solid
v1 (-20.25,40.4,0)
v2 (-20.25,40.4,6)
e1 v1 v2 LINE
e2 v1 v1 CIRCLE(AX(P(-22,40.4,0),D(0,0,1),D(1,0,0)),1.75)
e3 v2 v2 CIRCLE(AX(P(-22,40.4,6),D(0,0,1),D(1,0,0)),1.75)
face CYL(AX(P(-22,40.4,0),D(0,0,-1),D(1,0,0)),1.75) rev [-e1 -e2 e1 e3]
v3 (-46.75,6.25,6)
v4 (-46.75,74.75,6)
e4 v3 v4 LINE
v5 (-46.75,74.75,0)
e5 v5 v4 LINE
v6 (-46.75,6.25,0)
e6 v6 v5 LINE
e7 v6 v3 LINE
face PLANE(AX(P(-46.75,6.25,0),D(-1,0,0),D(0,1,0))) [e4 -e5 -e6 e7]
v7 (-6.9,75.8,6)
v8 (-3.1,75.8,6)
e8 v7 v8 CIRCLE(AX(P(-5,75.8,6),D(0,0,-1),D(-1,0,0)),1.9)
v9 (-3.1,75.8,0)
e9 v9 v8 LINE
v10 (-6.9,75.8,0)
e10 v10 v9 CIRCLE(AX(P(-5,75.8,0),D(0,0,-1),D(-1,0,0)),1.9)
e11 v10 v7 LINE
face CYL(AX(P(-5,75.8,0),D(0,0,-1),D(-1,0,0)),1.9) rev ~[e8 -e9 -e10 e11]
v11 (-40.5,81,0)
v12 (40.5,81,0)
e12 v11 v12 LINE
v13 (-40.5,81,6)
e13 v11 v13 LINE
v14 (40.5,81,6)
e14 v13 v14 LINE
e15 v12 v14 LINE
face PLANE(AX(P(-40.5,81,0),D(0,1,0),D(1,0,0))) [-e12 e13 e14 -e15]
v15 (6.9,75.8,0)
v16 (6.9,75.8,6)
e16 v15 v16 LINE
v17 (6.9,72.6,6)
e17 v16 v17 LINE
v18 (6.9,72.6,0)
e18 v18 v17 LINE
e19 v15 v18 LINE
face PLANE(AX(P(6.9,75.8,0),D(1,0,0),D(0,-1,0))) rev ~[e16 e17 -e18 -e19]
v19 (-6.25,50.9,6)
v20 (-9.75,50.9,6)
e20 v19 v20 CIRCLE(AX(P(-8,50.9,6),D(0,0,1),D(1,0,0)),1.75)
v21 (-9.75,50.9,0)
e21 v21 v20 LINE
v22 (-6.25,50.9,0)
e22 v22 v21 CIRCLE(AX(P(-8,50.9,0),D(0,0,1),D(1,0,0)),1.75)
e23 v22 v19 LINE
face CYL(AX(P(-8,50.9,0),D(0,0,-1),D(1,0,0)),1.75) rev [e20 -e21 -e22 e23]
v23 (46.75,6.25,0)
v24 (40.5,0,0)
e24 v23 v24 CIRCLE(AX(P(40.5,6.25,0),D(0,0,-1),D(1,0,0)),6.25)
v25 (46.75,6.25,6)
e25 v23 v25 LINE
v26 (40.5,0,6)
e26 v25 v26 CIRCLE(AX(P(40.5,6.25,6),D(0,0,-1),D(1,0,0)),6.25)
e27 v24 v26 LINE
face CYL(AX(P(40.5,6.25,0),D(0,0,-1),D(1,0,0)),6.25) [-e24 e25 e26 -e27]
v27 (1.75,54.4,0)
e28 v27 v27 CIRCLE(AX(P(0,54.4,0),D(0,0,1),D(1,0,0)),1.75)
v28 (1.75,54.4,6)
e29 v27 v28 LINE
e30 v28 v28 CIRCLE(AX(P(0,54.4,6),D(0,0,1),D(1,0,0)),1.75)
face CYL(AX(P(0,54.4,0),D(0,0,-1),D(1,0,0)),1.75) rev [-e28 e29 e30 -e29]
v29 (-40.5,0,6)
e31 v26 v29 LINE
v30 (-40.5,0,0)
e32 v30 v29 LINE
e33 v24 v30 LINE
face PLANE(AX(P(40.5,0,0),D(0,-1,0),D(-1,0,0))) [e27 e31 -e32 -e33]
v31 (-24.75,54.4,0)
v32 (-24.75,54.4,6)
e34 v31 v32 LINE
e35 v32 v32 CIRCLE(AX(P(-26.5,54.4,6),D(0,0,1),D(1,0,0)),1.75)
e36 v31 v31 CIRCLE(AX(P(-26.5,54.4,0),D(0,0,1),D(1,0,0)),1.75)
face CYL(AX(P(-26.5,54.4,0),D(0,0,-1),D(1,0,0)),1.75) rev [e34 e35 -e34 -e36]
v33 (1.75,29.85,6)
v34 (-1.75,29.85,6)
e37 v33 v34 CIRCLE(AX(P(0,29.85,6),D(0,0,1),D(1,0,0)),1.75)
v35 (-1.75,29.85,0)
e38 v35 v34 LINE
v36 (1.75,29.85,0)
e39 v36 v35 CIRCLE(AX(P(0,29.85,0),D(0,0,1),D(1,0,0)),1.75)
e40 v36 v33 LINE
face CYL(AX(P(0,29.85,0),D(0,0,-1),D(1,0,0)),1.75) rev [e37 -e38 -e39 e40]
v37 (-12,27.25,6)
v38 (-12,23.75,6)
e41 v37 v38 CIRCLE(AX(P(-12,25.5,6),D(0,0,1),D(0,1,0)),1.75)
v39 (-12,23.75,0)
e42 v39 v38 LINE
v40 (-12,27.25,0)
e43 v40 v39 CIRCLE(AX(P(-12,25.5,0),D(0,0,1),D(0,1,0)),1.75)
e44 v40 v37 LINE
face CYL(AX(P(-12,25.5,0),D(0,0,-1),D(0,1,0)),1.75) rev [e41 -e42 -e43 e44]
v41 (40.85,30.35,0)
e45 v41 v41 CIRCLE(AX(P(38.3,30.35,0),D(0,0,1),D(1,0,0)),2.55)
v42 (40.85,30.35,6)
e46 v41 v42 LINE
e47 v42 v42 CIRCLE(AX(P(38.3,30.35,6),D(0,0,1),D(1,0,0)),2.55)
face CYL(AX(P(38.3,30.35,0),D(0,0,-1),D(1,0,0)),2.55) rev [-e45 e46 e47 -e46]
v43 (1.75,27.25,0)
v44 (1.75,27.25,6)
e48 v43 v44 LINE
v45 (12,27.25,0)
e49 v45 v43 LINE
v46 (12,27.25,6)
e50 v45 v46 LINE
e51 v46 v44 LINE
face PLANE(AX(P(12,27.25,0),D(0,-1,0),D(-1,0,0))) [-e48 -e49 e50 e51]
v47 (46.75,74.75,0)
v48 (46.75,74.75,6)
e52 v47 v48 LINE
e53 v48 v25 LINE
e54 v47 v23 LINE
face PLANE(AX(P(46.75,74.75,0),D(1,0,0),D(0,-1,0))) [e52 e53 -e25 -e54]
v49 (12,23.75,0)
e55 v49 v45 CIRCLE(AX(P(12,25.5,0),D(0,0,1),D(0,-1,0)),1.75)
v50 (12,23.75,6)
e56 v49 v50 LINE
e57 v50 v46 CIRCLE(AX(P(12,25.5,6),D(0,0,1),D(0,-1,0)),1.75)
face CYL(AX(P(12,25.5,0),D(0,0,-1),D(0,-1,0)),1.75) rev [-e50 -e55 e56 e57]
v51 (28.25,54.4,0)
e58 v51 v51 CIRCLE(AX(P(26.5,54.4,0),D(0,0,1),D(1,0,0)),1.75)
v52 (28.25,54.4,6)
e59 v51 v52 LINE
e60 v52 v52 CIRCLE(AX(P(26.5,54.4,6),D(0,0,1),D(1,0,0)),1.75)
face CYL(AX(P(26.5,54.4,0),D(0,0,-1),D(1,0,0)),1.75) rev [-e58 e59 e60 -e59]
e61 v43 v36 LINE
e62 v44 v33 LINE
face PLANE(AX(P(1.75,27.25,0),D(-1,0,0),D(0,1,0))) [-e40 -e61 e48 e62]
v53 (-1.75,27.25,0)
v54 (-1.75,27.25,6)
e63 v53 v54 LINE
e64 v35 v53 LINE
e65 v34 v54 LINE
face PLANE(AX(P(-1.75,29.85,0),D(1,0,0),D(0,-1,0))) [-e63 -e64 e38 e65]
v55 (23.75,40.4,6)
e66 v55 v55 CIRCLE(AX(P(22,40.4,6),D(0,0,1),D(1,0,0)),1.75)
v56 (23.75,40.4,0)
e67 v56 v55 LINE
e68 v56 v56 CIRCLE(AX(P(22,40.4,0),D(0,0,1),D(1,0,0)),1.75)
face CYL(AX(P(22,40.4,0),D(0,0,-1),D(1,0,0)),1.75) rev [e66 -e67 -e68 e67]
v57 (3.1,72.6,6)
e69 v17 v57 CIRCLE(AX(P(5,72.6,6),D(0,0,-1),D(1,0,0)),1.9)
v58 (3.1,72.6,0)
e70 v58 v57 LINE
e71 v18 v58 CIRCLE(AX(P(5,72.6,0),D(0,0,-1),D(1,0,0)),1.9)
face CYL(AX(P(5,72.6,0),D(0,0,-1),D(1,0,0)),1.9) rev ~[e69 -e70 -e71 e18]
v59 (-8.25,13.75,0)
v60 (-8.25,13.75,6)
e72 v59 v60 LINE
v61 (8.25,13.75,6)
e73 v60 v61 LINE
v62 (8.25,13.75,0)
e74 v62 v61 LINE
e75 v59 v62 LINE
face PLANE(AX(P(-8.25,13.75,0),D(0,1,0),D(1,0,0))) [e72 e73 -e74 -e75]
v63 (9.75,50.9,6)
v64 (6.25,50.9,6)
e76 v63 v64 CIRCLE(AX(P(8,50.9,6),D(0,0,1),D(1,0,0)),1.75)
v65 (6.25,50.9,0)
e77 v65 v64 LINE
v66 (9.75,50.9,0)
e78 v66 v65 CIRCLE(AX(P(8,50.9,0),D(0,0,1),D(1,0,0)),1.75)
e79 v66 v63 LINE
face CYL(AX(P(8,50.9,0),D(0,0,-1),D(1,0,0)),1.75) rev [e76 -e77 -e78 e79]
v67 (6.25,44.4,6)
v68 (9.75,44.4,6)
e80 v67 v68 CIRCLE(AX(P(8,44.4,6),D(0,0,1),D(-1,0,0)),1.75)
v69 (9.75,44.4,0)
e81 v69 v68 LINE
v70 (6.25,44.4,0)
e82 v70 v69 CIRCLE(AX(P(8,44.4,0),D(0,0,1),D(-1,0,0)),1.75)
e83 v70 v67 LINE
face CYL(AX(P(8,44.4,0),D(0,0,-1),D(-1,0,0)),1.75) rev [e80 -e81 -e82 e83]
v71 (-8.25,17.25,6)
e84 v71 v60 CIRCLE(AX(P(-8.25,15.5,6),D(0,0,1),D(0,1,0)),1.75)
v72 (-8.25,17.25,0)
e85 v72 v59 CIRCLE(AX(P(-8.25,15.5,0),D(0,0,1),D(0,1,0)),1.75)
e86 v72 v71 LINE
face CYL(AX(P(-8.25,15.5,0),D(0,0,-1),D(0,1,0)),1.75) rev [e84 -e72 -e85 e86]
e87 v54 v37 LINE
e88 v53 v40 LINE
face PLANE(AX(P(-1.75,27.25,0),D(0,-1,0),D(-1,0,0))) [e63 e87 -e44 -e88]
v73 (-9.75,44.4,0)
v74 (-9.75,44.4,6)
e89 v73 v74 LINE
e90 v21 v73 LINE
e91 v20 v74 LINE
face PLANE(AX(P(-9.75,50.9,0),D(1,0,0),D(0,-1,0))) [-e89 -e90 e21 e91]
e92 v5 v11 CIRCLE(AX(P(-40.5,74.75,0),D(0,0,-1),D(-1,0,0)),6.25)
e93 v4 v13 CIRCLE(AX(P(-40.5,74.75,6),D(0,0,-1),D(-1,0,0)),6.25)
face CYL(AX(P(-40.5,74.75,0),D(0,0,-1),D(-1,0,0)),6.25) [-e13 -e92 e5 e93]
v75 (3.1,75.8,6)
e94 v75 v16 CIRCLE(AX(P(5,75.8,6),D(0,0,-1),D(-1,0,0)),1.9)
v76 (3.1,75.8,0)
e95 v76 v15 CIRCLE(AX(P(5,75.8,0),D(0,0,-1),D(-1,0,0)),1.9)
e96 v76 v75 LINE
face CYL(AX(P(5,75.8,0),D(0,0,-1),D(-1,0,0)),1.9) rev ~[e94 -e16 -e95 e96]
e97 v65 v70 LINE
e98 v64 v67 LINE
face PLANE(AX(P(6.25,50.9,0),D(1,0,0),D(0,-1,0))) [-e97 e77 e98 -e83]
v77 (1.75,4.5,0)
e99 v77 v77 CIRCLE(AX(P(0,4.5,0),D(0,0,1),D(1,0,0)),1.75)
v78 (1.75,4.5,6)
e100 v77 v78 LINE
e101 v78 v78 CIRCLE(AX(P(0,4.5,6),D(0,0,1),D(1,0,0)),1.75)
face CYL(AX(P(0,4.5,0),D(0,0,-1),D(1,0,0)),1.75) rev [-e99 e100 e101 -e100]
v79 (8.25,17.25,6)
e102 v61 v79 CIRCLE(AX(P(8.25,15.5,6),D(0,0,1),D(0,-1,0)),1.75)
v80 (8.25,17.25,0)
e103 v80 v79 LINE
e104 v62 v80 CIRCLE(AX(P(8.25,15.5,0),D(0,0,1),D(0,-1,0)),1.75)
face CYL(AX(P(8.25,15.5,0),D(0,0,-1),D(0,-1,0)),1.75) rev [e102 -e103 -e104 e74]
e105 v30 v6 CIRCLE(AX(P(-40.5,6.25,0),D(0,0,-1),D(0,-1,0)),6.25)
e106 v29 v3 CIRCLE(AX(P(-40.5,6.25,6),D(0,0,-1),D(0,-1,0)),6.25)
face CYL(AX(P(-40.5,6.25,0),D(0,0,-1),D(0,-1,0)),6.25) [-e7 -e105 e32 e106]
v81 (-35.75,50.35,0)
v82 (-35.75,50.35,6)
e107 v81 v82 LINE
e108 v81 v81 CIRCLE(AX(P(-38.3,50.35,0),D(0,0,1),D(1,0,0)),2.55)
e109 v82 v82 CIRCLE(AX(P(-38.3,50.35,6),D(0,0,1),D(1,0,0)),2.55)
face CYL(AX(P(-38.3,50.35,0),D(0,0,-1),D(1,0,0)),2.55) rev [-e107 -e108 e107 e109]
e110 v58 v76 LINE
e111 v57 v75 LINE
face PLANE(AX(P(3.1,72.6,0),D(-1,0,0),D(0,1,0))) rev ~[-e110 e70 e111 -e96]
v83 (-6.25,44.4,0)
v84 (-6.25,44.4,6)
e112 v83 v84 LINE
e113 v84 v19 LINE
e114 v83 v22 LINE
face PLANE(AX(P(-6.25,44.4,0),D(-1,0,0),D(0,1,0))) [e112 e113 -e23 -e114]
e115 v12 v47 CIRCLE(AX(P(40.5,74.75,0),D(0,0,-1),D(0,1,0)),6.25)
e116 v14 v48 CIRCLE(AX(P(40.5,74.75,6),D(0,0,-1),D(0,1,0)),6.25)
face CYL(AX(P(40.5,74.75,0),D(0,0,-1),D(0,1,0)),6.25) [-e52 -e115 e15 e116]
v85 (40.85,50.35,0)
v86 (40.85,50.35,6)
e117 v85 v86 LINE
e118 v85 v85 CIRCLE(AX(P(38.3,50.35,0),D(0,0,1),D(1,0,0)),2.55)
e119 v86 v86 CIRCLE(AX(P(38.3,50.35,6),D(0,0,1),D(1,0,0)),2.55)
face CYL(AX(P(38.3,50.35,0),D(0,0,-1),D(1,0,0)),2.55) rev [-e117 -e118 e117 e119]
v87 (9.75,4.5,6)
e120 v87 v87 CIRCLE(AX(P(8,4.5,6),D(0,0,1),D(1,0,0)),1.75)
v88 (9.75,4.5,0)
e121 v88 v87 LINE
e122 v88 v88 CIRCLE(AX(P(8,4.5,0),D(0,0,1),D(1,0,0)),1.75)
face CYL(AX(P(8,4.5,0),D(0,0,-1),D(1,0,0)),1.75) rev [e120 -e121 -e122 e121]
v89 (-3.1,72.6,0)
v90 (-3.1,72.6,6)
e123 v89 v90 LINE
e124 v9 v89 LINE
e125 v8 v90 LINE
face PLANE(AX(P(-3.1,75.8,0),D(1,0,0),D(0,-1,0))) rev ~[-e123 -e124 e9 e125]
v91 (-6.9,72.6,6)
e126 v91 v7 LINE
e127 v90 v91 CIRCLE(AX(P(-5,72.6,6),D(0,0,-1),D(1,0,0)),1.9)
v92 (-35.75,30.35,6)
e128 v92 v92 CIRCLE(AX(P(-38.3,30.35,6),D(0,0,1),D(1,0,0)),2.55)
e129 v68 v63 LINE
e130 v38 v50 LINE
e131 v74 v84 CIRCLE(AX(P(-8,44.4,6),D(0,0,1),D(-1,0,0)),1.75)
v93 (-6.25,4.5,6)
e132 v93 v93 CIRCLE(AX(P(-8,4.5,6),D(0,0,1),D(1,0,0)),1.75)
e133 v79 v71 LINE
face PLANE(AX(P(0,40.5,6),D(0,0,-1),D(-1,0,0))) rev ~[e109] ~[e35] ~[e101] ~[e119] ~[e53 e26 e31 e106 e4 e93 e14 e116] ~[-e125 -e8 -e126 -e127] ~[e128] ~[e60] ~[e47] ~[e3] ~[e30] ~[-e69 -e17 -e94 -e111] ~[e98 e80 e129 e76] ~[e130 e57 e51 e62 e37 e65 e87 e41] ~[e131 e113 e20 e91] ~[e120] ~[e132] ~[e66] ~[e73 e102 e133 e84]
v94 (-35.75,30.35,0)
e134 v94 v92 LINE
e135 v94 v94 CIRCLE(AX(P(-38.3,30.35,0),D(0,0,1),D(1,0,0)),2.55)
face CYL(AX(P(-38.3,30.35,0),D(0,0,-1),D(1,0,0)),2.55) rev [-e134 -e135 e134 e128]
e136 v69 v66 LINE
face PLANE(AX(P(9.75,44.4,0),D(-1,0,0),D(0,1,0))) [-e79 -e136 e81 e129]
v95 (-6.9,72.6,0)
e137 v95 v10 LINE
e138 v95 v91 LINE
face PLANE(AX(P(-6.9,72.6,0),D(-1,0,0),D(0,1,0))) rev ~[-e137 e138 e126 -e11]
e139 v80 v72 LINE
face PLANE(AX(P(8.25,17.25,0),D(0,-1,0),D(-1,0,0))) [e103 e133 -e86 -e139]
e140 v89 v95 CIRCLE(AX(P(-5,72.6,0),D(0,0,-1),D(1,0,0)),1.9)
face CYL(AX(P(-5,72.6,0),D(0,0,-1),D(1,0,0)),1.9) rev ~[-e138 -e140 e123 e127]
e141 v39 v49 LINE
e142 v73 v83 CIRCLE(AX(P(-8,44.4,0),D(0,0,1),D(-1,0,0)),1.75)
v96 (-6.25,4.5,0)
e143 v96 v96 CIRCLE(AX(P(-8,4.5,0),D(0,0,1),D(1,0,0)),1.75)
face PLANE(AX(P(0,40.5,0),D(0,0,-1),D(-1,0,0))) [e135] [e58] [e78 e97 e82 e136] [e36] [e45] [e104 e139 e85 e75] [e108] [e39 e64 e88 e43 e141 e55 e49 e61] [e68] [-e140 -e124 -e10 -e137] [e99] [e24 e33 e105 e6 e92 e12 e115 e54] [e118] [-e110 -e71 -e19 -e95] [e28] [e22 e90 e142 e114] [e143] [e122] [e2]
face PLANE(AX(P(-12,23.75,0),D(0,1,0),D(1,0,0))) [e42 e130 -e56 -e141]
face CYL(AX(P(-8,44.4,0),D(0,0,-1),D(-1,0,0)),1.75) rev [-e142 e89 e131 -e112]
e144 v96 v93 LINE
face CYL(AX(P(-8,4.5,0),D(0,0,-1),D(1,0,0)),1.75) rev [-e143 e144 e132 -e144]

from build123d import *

# Parameters (mm, degrees)
MODEL_R    = 1.75
MODEL_R_2  = 2.55
BASE_DEPTH = 6


with BuildPart() as part:
    # Model → Base (new body)
    with BuildSketch(Plane.XY):
        with BuildLine():
            Line((46.75, 74.75), (46.75, 6.25))
            ThreePointArc((46.75, 6.25), (44.919417382, 1.830582618), (40.5, 0))
            Line((40.5, 0), (-40.5, 0))
            ThreePointArc((-40.5, 0), (-44.919417382, 1.830582618), (-46.75, 6.25))
            Line((-46.75, 6.25), (-46.75, 74.75))
            ThreePointArc((-46.75, 74.75), (-44.919417382, 79.169417382), (-40.5, 81))
            Line((-40.5, 81), (40.5, 81))
            ThreePointArc((40.5, 81), (44.919417382, 79.169417382), (46.75, 74.75))
        make_face()
        with Locations((0, 4.5)):
            Circle(MODEL_R, mode=Mode.SUBTRACT)
        with Locations((8, 4.5)):
            Circle(MODEL_R, mode=Mode.SUBTRACT)
        with Locations((38.3, 50.35)):
            Circle(MODEL_R_2, mode=Mode.SUBTRACT)
        with Locations((38.3, 30.35)):
            Circle(MODEL_R_2, mode=Mode.SUBTRACT)
        with Locations((-38.3, 30.35)):
            Circle(MODEL_R_2, mode=Mode.SUBTRACT)
        with Locations((-38.3, 50.35)):
            Circle(MODEL_R_2, mode=Mode.SUBTRACT)
        with Locations((-8, 4.5)):
            Circle(MODEL_R, mode=Mode.SUBTRACT)
        with Locations((0, 54.4)):
            Circle(MODEL_R, mode=Mode.SUBTRACT)
        with Locations((26.5, 54.4)):
            Circle(MODEL_R, mode=Mode.SUBTRACT)
        with Locations((22, 40.4)):
            Circle(MODEL_R, mode=Mode.SUBTRACT)
        with Locations((-22, 40.4)):
            Circle(MODEL_R, mode=Mode.SUBTRACT)
        with Locations((-26.5, 54.4)):
            Circle(MODEL_R, mode=Mode.SUBTRACT)
        with BuildLine():
            Line((-3.1, 75.8), (-3.1, 72.6))
            ThreePointArc((-3.1, 72.6), (-5, 70.7), (-6.9, 72.6))
            Line((-6.9, 72.6), (-6.9, 75.8))
            ThreePointArc((-6.9, 75.8), (-5, 77.7), (-3.1, 75.8))
        make_face(mode=Mode.SUBTRACT)
        with BuildLine():
            Line((-9.75, 50.9), (-9.75, 44.4))
            ThreePointArc((-9.75, 44.4), (-8, 42.65), (-6.25, 44.4))
            Line((-6.25, 44.4), (-6.25, 50.9))
            ThreePointArc((-6.25, 50.9), (-8, 52.65), (-9.75, 50.9))
        make_face(mode=Mode.SUBTRACT)
        with BuildLine():
            Line((3.1, 72.6), (3.1, 75.8))
            ThreePointArc((3.1, 75.8), (5, 77.7), (6.9, 75.8))
            Line((6.9, 75.8), (6.9, 72.6))
            ThreePointArc((6.9, 72.6), (5, 70.7), (3.1, 72.6))
        make_face(mode=Mode.SUBTRACT)
        with BuildLine():
            Line((8.25, 17.25), (-8.25, 17.25))
            ThreePointArc((-8.25, 17.25), (-10, 15.5), (-8.25, 13.75))
            Line((-8.25, 13.75), (8.25, 13.75))
            ThreePointArc((8.25, 13.75), (10, 15.5), (8.25, 17.25))
        make_face(mode=Mode.SUBTRACT)
        with BuildLine():
            Line((9.75, 44.4), (9.75, 50.9))
            ThreePointArc((9.75, 50.9), (8, 52.65), (6.25, 50.9))
            Line((6.25, 50.9), (6.25, 44.4))
            ThreePointArc((6.25, 44.4), (8, 42.65), (9.75, 44.4))
        make_face(mode=Mode.SUBTRACT)
        with BuildLine():
            Line((-1.75, 29.85), (-1.75, 27.25))
            Line((-1.75, 27.25), (-12, 27.25))
            ThreePointArc((-12, 27.25), (-13.75, 25.5), (-12, 23.75))
            Line((-12, 23.75), (12, 23.75))
            ThreePointArc((12, 23.75), (13.75, 25.5), (12, 27.25))
            Line((12, 27.25), (1.75, 27.25))
            Line((1.75, 27.25), (1.75, 29.85))
            ThreePointArc((1.75, 29.85), (0, 31.6), (-1.75, 29.85))
        make_face(mode=Mode.SUBTRACT)
    extrude(amount=BASE_DEPTH)


solid = part.part
